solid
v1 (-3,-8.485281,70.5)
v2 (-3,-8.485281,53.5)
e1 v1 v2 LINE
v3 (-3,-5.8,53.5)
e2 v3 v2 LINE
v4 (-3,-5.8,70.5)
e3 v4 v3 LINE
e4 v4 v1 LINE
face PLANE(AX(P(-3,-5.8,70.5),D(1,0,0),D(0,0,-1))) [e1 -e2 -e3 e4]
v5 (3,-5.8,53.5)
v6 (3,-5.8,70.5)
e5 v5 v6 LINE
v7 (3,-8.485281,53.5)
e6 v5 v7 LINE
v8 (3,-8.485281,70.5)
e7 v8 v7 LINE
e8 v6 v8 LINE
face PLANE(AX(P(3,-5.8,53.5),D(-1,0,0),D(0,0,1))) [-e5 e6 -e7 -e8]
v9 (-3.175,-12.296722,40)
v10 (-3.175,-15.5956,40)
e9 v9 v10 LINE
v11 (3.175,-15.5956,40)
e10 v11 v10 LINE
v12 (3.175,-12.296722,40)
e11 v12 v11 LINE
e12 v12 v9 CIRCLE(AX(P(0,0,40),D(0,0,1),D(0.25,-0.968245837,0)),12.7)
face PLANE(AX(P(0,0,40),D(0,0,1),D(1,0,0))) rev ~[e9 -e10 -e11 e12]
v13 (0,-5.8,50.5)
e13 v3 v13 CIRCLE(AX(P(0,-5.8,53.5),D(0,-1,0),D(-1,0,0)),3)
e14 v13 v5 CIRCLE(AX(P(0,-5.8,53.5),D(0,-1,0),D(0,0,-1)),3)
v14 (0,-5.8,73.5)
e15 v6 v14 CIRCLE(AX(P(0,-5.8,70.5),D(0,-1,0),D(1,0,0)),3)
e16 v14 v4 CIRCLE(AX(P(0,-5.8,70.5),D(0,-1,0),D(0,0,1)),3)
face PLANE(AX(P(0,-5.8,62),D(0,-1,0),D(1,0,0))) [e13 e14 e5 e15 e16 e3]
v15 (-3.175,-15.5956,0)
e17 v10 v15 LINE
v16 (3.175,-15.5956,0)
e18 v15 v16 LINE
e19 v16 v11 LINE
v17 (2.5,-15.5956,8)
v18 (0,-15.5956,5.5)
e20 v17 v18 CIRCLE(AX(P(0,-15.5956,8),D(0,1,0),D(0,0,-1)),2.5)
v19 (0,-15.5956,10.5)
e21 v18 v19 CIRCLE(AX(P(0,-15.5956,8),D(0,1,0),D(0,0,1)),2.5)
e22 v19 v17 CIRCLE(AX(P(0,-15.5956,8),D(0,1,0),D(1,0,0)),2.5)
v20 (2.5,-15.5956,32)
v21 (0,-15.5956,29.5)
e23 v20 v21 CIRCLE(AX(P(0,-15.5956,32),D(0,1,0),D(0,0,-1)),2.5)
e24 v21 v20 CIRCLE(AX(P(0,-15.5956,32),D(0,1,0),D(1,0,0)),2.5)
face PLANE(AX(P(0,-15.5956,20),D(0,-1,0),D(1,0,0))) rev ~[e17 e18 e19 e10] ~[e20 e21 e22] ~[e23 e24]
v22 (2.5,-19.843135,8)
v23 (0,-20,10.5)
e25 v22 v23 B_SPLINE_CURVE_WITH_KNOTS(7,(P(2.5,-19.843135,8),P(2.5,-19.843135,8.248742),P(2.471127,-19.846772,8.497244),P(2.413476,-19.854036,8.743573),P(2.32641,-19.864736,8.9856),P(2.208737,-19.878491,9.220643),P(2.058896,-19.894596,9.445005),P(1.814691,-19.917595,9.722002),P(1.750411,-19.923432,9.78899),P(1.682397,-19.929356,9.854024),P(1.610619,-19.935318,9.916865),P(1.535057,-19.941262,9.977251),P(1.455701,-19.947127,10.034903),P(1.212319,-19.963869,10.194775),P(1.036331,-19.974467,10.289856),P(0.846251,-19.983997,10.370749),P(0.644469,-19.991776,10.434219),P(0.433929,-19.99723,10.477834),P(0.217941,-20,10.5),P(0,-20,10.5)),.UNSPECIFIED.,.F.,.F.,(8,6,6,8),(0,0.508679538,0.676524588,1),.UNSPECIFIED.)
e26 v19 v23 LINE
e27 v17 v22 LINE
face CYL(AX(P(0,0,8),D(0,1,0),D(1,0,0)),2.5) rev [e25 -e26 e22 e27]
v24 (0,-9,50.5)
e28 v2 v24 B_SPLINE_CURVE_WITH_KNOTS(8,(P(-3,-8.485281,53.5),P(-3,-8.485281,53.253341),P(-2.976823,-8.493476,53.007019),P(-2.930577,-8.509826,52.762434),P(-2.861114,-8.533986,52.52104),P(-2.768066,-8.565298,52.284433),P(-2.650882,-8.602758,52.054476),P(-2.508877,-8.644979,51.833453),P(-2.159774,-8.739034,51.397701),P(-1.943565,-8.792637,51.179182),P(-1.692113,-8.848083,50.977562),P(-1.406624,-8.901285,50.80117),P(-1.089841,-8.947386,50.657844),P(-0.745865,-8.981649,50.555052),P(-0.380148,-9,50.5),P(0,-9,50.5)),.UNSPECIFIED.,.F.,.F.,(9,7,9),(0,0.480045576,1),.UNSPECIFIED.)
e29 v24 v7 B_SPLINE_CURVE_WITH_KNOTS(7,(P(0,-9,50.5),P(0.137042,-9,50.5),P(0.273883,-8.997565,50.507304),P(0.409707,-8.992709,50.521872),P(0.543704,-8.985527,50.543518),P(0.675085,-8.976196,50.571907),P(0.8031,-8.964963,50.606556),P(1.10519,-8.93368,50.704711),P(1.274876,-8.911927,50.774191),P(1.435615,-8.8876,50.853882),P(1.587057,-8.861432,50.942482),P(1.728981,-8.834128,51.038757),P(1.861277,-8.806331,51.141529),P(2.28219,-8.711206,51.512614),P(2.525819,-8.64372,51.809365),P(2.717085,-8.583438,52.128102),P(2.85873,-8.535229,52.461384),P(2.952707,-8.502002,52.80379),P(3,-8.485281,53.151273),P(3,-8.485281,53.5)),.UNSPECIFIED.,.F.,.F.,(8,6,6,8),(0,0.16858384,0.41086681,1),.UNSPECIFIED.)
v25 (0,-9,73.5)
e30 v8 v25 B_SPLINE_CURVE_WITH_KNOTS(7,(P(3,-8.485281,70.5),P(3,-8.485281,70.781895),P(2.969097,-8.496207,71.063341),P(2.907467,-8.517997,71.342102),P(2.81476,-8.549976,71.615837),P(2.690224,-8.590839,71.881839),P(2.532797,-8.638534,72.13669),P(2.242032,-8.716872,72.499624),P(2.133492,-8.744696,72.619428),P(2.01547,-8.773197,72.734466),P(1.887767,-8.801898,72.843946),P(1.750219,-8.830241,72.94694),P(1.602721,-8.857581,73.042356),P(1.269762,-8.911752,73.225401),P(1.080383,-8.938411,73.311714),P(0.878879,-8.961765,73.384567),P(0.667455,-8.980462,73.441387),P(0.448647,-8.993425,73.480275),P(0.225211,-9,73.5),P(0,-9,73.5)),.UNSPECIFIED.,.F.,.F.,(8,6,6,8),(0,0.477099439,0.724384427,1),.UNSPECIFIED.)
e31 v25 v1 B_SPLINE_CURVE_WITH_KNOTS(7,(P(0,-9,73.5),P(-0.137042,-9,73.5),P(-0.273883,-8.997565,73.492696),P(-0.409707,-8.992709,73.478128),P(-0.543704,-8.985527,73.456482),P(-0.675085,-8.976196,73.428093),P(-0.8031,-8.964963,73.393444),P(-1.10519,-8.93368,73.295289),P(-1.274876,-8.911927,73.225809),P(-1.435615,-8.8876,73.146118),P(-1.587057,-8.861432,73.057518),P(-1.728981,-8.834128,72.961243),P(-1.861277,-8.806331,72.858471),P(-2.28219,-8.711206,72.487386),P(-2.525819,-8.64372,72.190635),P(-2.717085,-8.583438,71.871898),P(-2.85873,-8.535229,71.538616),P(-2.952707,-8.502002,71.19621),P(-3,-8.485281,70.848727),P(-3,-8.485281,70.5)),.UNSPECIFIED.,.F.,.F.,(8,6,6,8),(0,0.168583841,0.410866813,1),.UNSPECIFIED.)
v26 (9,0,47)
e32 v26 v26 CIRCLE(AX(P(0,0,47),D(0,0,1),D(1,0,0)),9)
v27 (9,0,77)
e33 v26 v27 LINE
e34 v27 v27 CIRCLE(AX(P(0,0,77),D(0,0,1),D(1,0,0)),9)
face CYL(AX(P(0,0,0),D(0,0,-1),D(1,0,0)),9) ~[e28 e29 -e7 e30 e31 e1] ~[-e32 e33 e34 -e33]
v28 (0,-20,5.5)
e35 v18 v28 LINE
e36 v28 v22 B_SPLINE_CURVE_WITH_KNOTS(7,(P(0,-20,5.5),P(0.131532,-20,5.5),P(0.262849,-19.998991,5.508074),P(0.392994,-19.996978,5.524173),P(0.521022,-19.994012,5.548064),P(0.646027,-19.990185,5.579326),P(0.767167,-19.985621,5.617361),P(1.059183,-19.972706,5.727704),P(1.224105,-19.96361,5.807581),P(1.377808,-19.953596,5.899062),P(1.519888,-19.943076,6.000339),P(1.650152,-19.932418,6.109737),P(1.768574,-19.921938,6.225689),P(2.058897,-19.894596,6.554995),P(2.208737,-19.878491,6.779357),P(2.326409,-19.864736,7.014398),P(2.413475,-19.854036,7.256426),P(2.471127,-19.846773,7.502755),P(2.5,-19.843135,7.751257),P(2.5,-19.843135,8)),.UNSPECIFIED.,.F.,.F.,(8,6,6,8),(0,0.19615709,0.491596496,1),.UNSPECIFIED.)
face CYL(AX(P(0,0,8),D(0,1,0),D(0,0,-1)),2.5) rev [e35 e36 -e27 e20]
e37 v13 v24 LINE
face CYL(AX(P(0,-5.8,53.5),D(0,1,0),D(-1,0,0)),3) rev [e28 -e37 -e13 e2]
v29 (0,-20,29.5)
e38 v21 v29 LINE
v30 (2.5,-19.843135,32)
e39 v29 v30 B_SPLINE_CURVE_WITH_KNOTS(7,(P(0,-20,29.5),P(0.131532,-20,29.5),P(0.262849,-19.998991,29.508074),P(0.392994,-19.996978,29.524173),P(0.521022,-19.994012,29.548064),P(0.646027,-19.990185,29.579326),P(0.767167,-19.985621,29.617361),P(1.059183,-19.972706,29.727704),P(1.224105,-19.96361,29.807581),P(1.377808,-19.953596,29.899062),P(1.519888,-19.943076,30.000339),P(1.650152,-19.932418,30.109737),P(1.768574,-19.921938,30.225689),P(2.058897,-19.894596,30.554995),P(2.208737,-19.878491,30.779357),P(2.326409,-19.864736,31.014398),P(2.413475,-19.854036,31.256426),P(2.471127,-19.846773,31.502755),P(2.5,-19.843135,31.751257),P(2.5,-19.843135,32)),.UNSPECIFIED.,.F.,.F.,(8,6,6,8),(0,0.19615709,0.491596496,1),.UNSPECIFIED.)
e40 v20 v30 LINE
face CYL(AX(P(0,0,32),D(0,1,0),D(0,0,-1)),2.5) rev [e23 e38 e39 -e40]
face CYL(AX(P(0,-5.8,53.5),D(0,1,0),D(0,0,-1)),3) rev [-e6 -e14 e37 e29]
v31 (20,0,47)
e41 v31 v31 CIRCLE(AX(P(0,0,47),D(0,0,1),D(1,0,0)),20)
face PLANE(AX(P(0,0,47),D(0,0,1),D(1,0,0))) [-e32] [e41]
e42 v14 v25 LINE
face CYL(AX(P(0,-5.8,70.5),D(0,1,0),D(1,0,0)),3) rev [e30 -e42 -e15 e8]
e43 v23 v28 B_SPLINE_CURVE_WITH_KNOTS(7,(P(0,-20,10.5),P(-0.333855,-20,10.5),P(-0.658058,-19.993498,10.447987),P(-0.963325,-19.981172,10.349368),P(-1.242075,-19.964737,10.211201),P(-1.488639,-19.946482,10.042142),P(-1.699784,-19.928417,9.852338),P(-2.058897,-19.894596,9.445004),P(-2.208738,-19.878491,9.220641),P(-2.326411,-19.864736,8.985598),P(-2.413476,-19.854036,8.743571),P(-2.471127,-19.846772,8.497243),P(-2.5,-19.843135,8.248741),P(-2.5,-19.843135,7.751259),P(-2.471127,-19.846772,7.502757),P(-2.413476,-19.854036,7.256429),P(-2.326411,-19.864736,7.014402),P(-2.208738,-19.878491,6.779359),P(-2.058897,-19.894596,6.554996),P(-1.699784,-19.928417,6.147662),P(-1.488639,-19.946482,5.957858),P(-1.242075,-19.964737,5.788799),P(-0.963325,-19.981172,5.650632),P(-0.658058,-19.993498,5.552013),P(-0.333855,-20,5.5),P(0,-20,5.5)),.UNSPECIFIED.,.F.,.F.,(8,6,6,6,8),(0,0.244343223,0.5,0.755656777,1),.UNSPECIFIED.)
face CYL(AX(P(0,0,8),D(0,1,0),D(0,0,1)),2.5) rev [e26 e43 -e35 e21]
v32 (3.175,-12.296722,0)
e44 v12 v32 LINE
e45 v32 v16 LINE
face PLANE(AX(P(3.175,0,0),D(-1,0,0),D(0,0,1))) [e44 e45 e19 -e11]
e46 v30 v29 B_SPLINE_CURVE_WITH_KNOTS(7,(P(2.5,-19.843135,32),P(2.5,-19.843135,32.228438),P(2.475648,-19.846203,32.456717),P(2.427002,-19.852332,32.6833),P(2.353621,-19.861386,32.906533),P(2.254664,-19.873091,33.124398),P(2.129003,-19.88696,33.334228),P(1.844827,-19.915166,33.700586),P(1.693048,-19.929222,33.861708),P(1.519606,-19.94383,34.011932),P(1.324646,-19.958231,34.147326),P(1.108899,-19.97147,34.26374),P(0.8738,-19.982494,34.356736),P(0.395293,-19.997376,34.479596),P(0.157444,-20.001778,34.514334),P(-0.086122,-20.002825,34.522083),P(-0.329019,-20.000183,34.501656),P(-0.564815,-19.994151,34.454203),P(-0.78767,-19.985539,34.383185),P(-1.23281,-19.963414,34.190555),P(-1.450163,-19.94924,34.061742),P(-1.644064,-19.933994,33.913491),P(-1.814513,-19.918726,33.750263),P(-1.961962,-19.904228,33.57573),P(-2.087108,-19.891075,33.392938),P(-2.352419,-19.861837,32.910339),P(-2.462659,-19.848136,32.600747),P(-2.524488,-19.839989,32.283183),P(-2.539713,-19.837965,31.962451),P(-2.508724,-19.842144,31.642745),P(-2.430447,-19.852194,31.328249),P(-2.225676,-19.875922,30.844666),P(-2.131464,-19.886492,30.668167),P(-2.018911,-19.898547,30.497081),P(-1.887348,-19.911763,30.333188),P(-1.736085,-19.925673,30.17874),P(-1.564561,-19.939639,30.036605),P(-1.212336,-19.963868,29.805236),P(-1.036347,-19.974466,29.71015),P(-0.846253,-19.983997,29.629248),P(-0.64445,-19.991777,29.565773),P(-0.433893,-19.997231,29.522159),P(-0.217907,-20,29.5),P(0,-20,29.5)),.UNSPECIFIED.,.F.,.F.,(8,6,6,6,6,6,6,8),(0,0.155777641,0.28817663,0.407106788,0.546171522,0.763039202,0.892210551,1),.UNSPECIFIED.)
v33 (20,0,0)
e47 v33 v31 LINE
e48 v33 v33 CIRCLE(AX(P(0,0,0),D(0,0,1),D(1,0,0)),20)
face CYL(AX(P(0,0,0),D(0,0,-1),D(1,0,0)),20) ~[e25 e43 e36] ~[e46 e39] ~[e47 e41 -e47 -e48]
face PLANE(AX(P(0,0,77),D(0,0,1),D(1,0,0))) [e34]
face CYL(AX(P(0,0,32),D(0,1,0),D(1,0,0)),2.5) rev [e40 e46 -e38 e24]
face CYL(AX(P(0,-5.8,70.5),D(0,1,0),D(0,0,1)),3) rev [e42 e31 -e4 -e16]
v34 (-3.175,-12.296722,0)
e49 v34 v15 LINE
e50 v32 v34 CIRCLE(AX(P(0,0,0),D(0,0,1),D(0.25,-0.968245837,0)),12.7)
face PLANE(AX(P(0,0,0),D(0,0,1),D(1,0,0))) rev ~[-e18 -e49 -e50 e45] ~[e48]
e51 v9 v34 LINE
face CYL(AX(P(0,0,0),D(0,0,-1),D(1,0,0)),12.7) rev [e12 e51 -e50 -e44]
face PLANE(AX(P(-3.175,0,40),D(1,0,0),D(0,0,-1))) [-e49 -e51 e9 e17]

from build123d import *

# Parameters (mm, degrees)
F0_R          = 20
F0_R_2        = 12.7
F0_R_3        = 9
F1_DEPTH      = 47
F2_DEPTH      = 77
F3_DEPTH      = 40
F5_DEPTH      = 15.5956
F7_START      = 5.8
F7_DEPTH      = 3.2
F9_DEPTH      = 0.8
F9_DEPTH_BACK = 25


with BuildPart() as f1:
    # F0 (on Top) → F1 (new body)
    with BuildSketch(Plane.XY):
        Circle(F0_R)
        Circle(F0_R_2, mode=Mode.SUBTRACT)
        Circle(F0_R_2)
        Circle(F0_R_3, mode=Mode.SUBTRACT)
    extrude(amount=F1_DEPTH)

    # F0 (on Top) → F2 (join)
    with BuildSketch(Plane.XY):
        Circle(F0_R_3)
    extrude(amount=F2_DEPTH)

    # F0 (on Top) → F3 (cut)
    with BuildSketch(Plane.XY):
        Circle(F0_R_2)
        Circle(F0_R_3, mode=Mode.SUBTRACT)
        Circle(F0_R_3)
    extrude(amount=F3_DEPTH, mode=Mode.SUBTRACT)

    # F4 (on Front) → F5 (cut)
    with BuildSketch(Plane.XZ):
        Polygon((-3.175, 0), (0, 0), (3.175, 0), (3.175, 40), (-3.175, 40), align=None)
    extrude(amount=F5_DEPTH, mode=Mode.SUBTRACT)

    # F6 (on Front) → F7 (cut)
    with BuildSketch(Plane.XZ.offset(F7_START)):
        with BuildLine():
            Line((3, 53.5), (3, 70.5))
            ThreePointArc((3, 70.5), (0, 67.5), (-3, 70.5))
            Line((-3, 70.5), (-3, 53.5))
            ThreePointArc((-3, 53.5), (0, 56.5), (3, 53.5))
        make_face()
        with BuildLine():
            ThreePointArc((0, 50.5), (2.1213203436, 51.3786796564), (3, 53.5))
            ThreePointArc((3, 53.5), (0, 56.5), (-3, 53.5))
            ThreePointArc((-3, 53.5), (-2.1213203436, 51.3786796564), (0, 50.5))
        make_face()
        with BuildLine():
            ThreePointArc((3, 70.5), (2.1213203436, 72.6213203436), (0, 73.5))
            ThreePointArc((0, 73.5), (-2.1213203436, 72.6213203436), (-3, 70.5))
            ThreePointArc((-3, 70.5), (0, 67.5), (3, 70.5))
        make_face()
    extrude(amount=F7_DEPTH, mode=Mode.SUBTRACT)

    # F8 (on Front) → F9 (cut, two sides)
    with BuildSketch(Plane.XZ) as f9_sk:
        with BuildLine():
            ThreePointArc((0, 5.5), (1.767766953, 6.232233047), (2.5, 8))
            ThreePointArc((2.5, 8), (1.767766953, 9.767766953), (0, 10.5))
            Line((0, 10.5), (0, 8))
            Line((0, 8), (0, 5.5))
        make_face()
        with BuildLine():
            ThreePointArc((2.5, 32), (-1.767766953, 33.767766953), (0, 29.5))
            ThreePointArc((0, 29.5), (1.767766953, 30.232233047), (2.5, 32))
        make_face()
        with BuildLine():
            Line((0, 8), (0, 10.5))
            ThreePointArc((0, 10.5), (-2.5, 8), (0, 5.5))
            Line((0, 5.5), (0, 8))
        make_face()
    extrude(amount=-F9_DEPTH, mode=Mode.SUBTRACT)
    extrude(f9_sk.sketch, amount=F9_DEPTH_BACK, mode=Mode.SUBTRACT)


solid = f1.part
